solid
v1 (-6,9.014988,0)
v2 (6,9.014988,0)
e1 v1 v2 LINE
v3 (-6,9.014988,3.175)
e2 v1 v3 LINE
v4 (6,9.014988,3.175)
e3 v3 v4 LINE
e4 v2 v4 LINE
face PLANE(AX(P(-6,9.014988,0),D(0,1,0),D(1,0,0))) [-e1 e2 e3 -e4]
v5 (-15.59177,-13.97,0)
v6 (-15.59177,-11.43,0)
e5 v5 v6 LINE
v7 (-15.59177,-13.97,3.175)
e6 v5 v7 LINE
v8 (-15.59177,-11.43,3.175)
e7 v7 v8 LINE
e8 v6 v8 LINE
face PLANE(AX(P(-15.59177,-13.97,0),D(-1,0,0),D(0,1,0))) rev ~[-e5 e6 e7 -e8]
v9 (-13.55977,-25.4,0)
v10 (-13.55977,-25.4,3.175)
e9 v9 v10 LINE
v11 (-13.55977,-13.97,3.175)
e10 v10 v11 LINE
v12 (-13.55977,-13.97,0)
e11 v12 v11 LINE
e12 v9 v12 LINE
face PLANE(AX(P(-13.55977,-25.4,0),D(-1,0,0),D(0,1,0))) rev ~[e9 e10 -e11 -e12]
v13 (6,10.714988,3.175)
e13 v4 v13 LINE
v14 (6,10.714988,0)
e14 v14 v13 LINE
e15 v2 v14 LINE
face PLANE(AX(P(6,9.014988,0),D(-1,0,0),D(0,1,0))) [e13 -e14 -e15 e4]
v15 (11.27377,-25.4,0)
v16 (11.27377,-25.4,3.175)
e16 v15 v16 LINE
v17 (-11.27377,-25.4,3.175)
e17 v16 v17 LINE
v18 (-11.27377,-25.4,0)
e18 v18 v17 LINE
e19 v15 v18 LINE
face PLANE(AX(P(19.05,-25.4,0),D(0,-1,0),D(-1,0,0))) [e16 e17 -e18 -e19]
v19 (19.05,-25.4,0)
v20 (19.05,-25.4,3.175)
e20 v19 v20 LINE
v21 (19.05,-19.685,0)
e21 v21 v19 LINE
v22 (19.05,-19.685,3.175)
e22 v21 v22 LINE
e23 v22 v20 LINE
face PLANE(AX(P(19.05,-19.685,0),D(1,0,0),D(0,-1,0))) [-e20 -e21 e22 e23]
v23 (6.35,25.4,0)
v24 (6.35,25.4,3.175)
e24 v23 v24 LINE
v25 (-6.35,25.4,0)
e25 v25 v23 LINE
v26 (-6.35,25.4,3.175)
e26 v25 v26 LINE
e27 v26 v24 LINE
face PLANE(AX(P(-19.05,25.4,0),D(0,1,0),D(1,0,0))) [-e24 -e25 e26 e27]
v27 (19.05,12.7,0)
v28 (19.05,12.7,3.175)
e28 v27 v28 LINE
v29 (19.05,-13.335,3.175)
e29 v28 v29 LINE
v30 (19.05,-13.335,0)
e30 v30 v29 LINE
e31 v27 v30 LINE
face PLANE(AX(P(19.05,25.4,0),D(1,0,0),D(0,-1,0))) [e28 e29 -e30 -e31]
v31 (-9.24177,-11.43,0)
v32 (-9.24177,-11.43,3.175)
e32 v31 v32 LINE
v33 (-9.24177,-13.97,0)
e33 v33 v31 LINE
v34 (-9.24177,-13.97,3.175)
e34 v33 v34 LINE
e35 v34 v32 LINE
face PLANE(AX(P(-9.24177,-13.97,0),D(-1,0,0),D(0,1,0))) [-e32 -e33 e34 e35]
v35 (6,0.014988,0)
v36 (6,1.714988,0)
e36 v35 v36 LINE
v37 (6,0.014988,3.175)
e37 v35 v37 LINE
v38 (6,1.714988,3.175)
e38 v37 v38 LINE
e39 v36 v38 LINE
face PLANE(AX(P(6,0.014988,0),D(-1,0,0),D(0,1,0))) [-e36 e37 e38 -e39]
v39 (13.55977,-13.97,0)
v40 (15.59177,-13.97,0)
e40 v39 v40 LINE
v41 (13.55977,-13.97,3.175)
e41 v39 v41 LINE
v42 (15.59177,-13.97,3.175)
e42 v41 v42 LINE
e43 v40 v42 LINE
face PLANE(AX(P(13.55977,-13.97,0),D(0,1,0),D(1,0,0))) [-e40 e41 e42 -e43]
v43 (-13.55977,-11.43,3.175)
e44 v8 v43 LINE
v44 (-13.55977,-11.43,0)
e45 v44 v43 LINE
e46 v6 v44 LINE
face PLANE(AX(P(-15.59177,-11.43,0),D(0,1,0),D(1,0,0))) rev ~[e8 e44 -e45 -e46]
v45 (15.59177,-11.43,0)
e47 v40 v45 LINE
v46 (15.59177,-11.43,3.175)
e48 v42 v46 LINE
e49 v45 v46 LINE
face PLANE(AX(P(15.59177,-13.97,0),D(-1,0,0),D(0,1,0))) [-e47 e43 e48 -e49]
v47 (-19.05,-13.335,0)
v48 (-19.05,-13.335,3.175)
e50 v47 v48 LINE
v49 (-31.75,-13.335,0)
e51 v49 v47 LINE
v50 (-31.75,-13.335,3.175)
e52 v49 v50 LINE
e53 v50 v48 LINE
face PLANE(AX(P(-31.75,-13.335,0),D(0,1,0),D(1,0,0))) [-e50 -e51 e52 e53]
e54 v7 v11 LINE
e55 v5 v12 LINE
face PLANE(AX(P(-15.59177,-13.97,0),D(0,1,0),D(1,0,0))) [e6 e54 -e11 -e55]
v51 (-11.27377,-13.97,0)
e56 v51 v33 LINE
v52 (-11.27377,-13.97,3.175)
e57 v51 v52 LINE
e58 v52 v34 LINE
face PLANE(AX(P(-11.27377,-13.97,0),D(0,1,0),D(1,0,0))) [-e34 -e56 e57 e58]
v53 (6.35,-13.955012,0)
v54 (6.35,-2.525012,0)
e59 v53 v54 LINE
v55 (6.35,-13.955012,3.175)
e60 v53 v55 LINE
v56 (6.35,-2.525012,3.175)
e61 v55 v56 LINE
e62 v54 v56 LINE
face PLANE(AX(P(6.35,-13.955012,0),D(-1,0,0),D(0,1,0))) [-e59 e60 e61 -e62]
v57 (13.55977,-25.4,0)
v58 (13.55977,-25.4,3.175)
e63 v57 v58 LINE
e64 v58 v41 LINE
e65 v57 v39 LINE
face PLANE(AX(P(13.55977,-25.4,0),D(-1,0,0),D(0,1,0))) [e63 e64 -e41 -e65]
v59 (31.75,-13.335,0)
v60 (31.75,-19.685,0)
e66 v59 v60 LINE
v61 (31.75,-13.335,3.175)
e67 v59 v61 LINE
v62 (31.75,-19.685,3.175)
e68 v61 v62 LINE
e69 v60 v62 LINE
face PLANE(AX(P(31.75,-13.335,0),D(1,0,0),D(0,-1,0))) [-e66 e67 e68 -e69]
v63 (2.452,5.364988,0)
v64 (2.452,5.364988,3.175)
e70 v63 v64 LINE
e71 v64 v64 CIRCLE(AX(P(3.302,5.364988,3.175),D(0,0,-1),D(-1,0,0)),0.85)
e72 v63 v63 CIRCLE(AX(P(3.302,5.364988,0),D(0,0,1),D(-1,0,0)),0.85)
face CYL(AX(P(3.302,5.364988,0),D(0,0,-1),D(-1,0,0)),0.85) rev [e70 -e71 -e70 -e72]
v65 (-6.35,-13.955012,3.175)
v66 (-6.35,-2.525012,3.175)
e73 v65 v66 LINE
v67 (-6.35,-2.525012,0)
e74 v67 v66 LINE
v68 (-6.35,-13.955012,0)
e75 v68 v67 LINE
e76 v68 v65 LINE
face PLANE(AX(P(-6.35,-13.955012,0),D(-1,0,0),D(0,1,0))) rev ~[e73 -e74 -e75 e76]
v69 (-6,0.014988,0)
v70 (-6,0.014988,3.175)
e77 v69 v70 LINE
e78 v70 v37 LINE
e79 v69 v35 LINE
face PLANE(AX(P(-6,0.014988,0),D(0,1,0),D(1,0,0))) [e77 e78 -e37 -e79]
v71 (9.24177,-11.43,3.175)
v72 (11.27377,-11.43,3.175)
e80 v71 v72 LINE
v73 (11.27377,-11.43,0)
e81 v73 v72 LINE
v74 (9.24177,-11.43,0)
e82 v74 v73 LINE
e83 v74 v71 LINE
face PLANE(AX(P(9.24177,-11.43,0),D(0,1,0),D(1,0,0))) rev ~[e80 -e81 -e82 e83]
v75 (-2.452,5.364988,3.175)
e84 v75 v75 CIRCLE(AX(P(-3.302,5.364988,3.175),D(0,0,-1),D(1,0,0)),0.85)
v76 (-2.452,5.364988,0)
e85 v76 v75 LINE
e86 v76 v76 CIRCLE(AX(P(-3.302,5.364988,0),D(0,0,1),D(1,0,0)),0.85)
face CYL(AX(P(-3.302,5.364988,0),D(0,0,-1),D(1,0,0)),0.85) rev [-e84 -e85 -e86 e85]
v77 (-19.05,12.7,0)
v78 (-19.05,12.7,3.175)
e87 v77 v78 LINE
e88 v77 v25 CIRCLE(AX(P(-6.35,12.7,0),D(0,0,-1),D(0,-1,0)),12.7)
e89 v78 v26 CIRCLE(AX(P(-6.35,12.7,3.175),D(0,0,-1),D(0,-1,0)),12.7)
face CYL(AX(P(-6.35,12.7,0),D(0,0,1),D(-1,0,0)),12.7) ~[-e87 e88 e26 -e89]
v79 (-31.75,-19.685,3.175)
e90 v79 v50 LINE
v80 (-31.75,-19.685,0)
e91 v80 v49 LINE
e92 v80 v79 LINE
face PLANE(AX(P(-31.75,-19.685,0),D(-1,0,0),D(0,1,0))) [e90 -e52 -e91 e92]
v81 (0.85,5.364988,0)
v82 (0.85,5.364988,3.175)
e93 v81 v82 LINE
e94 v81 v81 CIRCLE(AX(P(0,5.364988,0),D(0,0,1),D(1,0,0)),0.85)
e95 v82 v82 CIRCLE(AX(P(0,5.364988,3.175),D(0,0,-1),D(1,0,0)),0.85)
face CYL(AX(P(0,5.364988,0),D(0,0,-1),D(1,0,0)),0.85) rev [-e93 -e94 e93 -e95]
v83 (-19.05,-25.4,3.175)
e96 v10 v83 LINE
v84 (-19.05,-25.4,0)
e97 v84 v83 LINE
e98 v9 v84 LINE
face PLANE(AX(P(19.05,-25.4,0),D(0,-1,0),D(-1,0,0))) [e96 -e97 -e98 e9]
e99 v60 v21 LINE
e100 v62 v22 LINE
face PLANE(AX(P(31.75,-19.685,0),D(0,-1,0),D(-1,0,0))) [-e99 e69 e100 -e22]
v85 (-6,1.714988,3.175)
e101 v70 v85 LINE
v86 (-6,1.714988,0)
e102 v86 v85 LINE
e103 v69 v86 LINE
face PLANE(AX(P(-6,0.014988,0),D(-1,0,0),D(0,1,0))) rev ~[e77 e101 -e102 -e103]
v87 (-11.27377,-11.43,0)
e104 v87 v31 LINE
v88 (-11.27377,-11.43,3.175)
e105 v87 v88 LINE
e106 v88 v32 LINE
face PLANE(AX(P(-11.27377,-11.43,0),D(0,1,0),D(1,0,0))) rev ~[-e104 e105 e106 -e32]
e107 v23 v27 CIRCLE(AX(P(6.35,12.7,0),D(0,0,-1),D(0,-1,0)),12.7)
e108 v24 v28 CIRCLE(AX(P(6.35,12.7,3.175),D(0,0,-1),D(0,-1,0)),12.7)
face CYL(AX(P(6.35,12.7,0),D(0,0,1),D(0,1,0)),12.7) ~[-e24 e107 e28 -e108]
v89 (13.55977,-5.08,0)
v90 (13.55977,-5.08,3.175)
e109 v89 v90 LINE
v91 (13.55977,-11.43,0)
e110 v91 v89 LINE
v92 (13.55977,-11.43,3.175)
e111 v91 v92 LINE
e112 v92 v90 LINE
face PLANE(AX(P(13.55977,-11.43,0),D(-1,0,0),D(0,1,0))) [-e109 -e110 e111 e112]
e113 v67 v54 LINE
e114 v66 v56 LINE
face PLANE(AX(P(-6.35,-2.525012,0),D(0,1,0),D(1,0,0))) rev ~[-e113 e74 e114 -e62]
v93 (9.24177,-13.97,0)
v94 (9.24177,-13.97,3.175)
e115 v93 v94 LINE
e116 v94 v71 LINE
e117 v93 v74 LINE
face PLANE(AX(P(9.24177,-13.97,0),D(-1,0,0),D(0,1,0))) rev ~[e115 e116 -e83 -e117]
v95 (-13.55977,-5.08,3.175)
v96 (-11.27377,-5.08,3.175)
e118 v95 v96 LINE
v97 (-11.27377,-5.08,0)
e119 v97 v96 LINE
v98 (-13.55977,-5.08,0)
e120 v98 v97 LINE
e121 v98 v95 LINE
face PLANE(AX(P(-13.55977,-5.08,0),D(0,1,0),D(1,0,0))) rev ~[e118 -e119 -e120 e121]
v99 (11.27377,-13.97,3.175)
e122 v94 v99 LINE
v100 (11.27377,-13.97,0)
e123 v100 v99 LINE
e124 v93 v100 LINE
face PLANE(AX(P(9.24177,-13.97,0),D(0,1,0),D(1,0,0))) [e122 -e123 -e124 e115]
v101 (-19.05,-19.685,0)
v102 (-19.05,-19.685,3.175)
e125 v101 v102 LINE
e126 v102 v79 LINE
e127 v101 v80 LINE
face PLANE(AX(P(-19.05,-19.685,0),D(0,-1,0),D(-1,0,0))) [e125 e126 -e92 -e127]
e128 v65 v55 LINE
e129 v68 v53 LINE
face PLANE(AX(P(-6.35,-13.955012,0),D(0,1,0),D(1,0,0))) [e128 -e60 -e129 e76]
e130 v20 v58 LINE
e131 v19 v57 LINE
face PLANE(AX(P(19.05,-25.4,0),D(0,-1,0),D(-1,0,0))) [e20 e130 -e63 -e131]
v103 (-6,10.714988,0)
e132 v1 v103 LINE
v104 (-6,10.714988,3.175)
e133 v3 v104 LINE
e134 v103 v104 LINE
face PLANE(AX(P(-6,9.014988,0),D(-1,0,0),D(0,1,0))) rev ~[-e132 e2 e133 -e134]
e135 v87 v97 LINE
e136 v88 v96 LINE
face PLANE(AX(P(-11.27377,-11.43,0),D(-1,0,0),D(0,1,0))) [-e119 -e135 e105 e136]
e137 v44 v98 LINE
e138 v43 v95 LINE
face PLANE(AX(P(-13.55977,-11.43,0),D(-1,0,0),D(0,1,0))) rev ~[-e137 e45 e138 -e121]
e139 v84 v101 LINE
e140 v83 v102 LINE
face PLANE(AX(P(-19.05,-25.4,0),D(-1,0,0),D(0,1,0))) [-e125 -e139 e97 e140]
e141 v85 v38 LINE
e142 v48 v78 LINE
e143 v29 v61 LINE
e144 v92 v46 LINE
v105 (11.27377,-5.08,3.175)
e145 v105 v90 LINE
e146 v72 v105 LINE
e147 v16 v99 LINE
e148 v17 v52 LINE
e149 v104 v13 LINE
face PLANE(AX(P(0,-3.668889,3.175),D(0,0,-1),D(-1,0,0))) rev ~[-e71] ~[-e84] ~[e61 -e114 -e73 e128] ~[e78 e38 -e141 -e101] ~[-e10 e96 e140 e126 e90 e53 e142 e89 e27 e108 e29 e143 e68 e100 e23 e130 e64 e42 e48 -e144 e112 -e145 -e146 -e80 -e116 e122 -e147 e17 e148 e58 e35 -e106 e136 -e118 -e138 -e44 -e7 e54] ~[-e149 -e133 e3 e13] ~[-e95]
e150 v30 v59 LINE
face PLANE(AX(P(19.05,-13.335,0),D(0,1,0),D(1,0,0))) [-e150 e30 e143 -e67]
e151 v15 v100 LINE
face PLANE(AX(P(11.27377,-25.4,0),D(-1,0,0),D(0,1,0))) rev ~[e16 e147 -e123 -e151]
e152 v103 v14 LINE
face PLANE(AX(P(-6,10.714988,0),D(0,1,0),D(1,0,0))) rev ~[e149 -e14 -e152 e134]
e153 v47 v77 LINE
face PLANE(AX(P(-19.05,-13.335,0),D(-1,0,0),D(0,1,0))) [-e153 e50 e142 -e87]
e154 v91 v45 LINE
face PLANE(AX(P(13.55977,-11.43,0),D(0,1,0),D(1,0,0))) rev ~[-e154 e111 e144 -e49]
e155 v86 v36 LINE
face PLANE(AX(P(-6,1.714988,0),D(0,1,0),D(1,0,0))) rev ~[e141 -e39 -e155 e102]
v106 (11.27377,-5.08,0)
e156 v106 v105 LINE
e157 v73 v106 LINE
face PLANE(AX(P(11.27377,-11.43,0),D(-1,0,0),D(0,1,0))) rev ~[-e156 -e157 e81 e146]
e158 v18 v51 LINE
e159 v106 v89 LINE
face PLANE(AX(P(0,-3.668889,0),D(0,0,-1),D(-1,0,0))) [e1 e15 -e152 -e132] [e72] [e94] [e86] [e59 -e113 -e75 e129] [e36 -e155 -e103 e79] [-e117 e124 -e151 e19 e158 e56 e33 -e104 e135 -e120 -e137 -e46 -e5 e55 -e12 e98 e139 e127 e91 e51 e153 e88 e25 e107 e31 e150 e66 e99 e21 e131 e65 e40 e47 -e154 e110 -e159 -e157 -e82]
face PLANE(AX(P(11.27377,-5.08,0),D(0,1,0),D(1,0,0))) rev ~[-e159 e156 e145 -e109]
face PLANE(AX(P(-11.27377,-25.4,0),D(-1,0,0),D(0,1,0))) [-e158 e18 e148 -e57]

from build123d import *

# Parameters (mm, degrees)
BOSS_EXTRUDE1_DEPTH = 3.175
FILLET1_R           = 12.7
SKETCH2_R           = 0.85
SKETCH2_W           = 12
SKETCH2_H           = 1.7
CUT_EXTRUDE1_DEPTH  = 41.783613437
SKETCH3_W           = 2.286
SKETCH3_H           = 20.32
SKETCH3_W_2         = 12.7
SKETCH3_H_2         = 11.43
SKETCH3_W_3         = 6.35
SKETCH3_H_3         = 2.54
CUT_EXTRUDE2_DEPTH  = 41.783613437


with BuildPart() as part:
    # Sketch1 → Boss-Extrude1 (new body)
    with BuildSketch(Plane.XY):
        Polygon((19.05, -25.4), (-19.05, -25.4), (-19.05, -19.685), (-31.75, -19.685), (-31.75, -13.335), (-19.05, -13.335), (-19.05, 25.4), (19.05, 25.4), (19.05, -13.335), (31.75, -13.335), (31.75, -19.685), (19.05, -19.685), align=None)
    extrude(amount=BOSS_EXTRUDE1_DEPTH)

    # Fillet1
    fillet1_edges = [part.edges().sort_by_distance(p)[0] for p in [
        (-19.05, 25.4, 1.5875),
        (19.05, 25.4, 1.5875),
    ]]
    fillet(fillet1_edges, radius=FILLET1_R)

    # Sketch2 → Cut-Extrude1 (cut, through all)
    with BuildSketch(Plane.XY):
        with Locations((0, 5.364988)):
            Circle(SKETCH2_R)
        with Locations((-3.302, 5.364988)):
            Circle(SKETCH2_R)
        with Locations(Location((3.302, 5.364988, 0), (0, 0, 180))):
            Circle(SKETCH2_R)
        with Locations((0, 0.864988)):
            Rectangle(SKETCH2_W, SKETCH2_H)
        with Locations((0, 9.864988)):
            Rectangle(SKETCH2_W, SKETCH2_H)
    extrude(amount=CUT_EXTRUDE1_DEPTH, mode=Mode.SUBTRACT)

    # Sketch3 → Cut-Extrude2 (cut, through all)
    with BuildSketch(Plane.XY):
        with Locations((-12.4167697, -15.24)):
            Rectangle(SKETCH3_W, SKETCH3_H)
        with Locations((0, -8.240012)):
            Rectangle(SKETCH3_W_2, SKETCH3_H_2)
        with Locations((-12.4167697, -12.7)):
            Rectangle(SKETCH3_W_3, SKETCH3_H_3)
        with Locations((12.4167697, -12.7)):
            Rectangle(SKETCH3_W_3, SKETCH3_H_3)
        with Locations((12.4167697, -15.24)):
            Rectangle(SKETCH3_W, SKETCH3_H)
    extrude(amount=CUT_EXTRUDE2_DEPTH, mode=Mode.SUBTRACT)


solid = part.part
